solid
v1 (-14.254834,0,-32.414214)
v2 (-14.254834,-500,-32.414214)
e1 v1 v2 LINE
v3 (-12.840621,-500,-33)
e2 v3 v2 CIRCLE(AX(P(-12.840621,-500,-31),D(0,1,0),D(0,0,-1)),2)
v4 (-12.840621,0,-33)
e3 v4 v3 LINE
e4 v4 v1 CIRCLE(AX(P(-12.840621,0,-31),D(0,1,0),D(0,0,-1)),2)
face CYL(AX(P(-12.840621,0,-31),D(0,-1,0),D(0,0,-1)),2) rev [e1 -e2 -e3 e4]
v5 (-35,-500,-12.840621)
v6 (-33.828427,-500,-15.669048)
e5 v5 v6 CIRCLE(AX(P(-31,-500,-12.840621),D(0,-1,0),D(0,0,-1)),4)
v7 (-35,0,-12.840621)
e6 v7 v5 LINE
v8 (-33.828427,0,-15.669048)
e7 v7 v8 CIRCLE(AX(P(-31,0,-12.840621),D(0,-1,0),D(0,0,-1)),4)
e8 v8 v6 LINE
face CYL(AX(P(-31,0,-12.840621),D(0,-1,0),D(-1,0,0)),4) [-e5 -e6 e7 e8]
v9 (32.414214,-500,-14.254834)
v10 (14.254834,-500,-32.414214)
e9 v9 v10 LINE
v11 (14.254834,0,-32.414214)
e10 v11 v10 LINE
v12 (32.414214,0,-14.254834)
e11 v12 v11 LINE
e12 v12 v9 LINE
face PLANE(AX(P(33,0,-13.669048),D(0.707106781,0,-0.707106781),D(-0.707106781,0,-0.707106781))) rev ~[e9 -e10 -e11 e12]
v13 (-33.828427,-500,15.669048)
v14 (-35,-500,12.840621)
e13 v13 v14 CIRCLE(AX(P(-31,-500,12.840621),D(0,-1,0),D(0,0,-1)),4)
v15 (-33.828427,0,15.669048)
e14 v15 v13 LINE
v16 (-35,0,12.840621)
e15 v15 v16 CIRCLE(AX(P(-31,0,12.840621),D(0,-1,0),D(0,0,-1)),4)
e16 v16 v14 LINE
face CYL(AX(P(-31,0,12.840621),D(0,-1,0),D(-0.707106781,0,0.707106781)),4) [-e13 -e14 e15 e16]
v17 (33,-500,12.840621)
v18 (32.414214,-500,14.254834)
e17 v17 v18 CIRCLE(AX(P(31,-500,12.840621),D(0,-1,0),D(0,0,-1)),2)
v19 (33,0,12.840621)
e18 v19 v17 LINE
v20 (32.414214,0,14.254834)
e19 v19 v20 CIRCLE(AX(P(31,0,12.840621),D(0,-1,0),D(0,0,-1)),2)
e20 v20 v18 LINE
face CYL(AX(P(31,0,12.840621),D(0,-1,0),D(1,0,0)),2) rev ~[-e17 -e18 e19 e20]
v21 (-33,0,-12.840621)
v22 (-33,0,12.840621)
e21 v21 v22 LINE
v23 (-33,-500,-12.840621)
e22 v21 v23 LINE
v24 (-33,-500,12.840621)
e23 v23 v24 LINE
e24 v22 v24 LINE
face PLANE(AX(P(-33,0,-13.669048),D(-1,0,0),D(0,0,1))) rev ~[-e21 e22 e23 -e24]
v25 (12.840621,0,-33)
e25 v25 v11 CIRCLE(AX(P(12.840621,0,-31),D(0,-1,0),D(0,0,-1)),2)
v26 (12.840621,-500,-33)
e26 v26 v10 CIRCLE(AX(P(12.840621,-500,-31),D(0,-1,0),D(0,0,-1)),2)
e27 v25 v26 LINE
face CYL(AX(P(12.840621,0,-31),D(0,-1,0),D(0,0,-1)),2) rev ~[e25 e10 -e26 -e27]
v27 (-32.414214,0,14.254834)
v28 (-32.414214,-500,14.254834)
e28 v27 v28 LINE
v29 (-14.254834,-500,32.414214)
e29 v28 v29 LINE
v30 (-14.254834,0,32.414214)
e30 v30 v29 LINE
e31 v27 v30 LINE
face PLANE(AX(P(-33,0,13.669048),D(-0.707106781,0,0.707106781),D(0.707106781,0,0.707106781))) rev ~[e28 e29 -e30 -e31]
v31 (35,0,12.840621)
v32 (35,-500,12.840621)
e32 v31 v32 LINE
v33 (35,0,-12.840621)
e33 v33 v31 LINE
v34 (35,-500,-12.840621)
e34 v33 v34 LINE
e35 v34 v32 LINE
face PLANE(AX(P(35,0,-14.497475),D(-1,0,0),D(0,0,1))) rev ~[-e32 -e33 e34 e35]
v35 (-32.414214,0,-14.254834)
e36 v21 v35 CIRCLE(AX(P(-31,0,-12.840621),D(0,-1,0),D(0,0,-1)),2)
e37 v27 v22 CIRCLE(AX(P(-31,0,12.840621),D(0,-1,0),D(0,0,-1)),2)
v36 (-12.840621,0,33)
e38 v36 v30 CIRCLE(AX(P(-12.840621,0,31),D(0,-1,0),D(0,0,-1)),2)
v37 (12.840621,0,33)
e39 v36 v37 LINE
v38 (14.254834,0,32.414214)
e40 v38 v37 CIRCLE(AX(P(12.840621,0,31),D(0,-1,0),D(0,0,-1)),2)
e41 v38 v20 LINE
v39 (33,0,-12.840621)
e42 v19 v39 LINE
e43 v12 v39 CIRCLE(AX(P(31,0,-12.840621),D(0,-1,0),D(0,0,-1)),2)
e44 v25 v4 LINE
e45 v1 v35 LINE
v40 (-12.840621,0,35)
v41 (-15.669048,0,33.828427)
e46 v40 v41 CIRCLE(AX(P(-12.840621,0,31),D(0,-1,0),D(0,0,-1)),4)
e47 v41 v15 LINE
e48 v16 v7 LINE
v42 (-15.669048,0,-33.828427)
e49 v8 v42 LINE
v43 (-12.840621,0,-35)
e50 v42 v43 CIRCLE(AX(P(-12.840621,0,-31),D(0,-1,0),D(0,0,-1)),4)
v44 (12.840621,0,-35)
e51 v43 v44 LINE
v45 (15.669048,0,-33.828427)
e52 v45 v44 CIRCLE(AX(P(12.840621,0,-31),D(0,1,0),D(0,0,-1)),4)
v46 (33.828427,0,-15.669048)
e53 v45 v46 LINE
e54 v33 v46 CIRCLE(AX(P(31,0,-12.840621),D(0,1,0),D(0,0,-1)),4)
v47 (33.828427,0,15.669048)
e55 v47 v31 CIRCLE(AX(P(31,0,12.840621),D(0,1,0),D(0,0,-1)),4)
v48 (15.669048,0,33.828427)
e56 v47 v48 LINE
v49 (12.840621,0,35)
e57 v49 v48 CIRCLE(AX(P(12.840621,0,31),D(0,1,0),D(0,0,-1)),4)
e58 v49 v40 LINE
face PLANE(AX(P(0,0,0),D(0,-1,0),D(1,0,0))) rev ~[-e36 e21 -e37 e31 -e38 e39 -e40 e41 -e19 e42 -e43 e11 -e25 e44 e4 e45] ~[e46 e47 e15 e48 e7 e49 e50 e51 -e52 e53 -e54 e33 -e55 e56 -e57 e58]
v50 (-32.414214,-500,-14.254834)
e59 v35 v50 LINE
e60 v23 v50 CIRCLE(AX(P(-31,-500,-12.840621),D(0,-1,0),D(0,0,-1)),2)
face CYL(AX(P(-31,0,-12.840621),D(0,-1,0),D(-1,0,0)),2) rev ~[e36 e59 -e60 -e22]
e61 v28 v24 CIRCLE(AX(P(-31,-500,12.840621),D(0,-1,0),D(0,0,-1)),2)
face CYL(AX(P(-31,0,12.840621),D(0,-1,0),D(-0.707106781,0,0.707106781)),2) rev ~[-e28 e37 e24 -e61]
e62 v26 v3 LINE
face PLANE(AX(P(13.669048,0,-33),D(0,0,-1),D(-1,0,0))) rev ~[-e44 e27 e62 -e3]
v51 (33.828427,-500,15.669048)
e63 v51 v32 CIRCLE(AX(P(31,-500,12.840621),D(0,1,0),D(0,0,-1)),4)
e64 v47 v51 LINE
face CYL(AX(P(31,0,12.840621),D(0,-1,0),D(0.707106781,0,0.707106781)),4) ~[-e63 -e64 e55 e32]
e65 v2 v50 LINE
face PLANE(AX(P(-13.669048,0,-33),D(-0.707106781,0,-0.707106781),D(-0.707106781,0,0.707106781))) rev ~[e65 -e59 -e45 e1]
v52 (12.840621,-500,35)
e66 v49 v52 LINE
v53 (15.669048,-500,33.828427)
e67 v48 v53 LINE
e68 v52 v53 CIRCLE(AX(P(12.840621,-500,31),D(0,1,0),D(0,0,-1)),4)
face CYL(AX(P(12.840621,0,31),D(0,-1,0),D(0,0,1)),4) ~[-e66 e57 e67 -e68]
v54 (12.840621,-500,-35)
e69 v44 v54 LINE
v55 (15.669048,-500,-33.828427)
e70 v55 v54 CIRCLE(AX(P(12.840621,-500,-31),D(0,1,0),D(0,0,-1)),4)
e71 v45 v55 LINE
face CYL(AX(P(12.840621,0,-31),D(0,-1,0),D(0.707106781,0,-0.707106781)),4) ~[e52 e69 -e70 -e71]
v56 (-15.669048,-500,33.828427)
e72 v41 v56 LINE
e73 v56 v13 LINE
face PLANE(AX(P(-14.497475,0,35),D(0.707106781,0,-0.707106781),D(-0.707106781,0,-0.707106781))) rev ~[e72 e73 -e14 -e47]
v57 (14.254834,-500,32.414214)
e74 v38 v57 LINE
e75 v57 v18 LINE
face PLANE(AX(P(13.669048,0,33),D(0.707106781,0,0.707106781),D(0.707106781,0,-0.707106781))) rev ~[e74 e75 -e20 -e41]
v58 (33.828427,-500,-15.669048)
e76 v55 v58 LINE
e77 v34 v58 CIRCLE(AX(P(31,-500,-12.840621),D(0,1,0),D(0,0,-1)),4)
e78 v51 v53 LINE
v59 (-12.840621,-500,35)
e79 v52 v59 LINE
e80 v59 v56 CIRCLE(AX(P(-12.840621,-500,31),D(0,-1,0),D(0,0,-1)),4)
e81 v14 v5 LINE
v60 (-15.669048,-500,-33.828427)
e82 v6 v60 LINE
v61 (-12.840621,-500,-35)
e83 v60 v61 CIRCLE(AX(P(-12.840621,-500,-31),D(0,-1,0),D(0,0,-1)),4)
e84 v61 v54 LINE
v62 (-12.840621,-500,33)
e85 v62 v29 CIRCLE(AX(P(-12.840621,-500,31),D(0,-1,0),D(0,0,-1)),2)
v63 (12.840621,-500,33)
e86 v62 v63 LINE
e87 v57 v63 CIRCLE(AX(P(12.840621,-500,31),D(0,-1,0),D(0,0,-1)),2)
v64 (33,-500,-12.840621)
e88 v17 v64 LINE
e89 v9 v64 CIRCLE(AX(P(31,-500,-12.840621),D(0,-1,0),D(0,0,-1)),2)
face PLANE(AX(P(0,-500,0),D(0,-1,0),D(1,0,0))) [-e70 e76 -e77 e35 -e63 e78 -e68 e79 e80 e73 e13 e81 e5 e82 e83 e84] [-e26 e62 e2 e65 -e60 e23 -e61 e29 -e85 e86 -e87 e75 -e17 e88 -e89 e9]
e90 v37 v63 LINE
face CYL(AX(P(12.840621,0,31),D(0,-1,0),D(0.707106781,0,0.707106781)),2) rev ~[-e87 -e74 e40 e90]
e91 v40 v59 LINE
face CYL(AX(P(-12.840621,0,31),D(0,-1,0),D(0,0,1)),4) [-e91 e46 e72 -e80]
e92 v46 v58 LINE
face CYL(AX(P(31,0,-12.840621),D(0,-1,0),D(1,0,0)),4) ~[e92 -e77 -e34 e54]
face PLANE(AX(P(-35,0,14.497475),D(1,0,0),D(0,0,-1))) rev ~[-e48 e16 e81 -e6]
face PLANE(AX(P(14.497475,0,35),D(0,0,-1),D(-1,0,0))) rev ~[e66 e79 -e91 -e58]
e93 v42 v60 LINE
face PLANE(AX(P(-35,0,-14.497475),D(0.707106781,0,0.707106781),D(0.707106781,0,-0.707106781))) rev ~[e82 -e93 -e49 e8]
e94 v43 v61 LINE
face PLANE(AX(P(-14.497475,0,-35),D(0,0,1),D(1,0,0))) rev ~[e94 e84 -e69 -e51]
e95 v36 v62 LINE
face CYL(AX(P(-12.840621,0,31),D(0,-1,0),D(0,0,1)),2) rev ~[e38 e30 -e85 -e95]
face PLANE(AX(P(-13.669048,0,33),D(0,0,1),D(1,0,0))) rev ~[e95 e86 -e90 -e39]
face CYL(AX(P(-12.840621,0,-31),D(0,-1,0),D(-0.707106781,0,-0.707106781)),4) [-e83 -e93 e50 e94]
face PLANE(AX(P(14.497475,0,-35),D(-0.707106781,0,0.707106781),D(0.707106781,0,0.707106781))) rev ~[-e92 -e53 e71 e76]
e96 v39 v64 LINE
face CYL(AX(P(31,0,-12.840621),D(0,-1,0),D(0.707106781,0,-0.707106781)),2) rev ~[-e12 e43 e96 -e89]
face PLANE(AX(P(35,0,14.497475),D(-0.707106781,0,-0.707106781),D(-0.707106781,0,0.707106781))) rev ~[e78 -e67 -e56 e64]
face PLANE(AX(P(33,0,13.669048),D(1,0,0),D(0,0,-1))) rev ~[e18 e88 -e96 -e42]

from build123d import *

# Parameters (mm, degrees)
F1_DEPTH = 500
F2_R     = 4
F3_R     = 2


with BuildPart() as f1:
    # F0 (on Front) → F1 (new body)
    with BuildSketch(Plane.XZ):
        Polygon((14.497475, 35), (-14.497475, 35), (-35, 14.497475), (-35, -14.497475), (-14.497475, -35), (14.497475, -35), (35, -14.497475), (35, 14.497475), align=None)
        Polygon((-13.669048, -33), (-33, -13.669048), (-33, 13.669048), (-13.669048, 33), (13.669048, 33), (33, 13.669048), (33, -13.669048), (13.669048, -33), align=None, mode=Mode.SUBTRACT)
    extrude(amount=F1_DEPTH)

    # F2
    f2_edges = [f1.edges().sort_by_distance(p)[0] for p in [
        (14.497475, -250, 35),
        (-14.497475, -250, 35),
        (35, -250, 14.497475),
        (35, -250, -14.497475),
        (14.497475, -250, -35),
        (-14.497475, -250, -35),
        (-35, -250, -14.497475),
        (-35, -250, 14.497475),
    ]]
    fillet(f2_edges, radius=F2_R)

    # F3
    f3_edges = [f1.edges().sort_by_distance(p)[0] for p in [
        (33, -250, 13.669048),
        (33, -250, -13.669048),
        (13.669048, -250, -33),
        (-13.669048, -250, -33),
        (-33, -250, -13.669048),
        (-33, -250, 13.669048),
        (-13.669048, -250, 33),
        (13.669048, -250, 33),
    ]]
    fillet(f3_edges, radius=F3_R)


solid = f1.part
